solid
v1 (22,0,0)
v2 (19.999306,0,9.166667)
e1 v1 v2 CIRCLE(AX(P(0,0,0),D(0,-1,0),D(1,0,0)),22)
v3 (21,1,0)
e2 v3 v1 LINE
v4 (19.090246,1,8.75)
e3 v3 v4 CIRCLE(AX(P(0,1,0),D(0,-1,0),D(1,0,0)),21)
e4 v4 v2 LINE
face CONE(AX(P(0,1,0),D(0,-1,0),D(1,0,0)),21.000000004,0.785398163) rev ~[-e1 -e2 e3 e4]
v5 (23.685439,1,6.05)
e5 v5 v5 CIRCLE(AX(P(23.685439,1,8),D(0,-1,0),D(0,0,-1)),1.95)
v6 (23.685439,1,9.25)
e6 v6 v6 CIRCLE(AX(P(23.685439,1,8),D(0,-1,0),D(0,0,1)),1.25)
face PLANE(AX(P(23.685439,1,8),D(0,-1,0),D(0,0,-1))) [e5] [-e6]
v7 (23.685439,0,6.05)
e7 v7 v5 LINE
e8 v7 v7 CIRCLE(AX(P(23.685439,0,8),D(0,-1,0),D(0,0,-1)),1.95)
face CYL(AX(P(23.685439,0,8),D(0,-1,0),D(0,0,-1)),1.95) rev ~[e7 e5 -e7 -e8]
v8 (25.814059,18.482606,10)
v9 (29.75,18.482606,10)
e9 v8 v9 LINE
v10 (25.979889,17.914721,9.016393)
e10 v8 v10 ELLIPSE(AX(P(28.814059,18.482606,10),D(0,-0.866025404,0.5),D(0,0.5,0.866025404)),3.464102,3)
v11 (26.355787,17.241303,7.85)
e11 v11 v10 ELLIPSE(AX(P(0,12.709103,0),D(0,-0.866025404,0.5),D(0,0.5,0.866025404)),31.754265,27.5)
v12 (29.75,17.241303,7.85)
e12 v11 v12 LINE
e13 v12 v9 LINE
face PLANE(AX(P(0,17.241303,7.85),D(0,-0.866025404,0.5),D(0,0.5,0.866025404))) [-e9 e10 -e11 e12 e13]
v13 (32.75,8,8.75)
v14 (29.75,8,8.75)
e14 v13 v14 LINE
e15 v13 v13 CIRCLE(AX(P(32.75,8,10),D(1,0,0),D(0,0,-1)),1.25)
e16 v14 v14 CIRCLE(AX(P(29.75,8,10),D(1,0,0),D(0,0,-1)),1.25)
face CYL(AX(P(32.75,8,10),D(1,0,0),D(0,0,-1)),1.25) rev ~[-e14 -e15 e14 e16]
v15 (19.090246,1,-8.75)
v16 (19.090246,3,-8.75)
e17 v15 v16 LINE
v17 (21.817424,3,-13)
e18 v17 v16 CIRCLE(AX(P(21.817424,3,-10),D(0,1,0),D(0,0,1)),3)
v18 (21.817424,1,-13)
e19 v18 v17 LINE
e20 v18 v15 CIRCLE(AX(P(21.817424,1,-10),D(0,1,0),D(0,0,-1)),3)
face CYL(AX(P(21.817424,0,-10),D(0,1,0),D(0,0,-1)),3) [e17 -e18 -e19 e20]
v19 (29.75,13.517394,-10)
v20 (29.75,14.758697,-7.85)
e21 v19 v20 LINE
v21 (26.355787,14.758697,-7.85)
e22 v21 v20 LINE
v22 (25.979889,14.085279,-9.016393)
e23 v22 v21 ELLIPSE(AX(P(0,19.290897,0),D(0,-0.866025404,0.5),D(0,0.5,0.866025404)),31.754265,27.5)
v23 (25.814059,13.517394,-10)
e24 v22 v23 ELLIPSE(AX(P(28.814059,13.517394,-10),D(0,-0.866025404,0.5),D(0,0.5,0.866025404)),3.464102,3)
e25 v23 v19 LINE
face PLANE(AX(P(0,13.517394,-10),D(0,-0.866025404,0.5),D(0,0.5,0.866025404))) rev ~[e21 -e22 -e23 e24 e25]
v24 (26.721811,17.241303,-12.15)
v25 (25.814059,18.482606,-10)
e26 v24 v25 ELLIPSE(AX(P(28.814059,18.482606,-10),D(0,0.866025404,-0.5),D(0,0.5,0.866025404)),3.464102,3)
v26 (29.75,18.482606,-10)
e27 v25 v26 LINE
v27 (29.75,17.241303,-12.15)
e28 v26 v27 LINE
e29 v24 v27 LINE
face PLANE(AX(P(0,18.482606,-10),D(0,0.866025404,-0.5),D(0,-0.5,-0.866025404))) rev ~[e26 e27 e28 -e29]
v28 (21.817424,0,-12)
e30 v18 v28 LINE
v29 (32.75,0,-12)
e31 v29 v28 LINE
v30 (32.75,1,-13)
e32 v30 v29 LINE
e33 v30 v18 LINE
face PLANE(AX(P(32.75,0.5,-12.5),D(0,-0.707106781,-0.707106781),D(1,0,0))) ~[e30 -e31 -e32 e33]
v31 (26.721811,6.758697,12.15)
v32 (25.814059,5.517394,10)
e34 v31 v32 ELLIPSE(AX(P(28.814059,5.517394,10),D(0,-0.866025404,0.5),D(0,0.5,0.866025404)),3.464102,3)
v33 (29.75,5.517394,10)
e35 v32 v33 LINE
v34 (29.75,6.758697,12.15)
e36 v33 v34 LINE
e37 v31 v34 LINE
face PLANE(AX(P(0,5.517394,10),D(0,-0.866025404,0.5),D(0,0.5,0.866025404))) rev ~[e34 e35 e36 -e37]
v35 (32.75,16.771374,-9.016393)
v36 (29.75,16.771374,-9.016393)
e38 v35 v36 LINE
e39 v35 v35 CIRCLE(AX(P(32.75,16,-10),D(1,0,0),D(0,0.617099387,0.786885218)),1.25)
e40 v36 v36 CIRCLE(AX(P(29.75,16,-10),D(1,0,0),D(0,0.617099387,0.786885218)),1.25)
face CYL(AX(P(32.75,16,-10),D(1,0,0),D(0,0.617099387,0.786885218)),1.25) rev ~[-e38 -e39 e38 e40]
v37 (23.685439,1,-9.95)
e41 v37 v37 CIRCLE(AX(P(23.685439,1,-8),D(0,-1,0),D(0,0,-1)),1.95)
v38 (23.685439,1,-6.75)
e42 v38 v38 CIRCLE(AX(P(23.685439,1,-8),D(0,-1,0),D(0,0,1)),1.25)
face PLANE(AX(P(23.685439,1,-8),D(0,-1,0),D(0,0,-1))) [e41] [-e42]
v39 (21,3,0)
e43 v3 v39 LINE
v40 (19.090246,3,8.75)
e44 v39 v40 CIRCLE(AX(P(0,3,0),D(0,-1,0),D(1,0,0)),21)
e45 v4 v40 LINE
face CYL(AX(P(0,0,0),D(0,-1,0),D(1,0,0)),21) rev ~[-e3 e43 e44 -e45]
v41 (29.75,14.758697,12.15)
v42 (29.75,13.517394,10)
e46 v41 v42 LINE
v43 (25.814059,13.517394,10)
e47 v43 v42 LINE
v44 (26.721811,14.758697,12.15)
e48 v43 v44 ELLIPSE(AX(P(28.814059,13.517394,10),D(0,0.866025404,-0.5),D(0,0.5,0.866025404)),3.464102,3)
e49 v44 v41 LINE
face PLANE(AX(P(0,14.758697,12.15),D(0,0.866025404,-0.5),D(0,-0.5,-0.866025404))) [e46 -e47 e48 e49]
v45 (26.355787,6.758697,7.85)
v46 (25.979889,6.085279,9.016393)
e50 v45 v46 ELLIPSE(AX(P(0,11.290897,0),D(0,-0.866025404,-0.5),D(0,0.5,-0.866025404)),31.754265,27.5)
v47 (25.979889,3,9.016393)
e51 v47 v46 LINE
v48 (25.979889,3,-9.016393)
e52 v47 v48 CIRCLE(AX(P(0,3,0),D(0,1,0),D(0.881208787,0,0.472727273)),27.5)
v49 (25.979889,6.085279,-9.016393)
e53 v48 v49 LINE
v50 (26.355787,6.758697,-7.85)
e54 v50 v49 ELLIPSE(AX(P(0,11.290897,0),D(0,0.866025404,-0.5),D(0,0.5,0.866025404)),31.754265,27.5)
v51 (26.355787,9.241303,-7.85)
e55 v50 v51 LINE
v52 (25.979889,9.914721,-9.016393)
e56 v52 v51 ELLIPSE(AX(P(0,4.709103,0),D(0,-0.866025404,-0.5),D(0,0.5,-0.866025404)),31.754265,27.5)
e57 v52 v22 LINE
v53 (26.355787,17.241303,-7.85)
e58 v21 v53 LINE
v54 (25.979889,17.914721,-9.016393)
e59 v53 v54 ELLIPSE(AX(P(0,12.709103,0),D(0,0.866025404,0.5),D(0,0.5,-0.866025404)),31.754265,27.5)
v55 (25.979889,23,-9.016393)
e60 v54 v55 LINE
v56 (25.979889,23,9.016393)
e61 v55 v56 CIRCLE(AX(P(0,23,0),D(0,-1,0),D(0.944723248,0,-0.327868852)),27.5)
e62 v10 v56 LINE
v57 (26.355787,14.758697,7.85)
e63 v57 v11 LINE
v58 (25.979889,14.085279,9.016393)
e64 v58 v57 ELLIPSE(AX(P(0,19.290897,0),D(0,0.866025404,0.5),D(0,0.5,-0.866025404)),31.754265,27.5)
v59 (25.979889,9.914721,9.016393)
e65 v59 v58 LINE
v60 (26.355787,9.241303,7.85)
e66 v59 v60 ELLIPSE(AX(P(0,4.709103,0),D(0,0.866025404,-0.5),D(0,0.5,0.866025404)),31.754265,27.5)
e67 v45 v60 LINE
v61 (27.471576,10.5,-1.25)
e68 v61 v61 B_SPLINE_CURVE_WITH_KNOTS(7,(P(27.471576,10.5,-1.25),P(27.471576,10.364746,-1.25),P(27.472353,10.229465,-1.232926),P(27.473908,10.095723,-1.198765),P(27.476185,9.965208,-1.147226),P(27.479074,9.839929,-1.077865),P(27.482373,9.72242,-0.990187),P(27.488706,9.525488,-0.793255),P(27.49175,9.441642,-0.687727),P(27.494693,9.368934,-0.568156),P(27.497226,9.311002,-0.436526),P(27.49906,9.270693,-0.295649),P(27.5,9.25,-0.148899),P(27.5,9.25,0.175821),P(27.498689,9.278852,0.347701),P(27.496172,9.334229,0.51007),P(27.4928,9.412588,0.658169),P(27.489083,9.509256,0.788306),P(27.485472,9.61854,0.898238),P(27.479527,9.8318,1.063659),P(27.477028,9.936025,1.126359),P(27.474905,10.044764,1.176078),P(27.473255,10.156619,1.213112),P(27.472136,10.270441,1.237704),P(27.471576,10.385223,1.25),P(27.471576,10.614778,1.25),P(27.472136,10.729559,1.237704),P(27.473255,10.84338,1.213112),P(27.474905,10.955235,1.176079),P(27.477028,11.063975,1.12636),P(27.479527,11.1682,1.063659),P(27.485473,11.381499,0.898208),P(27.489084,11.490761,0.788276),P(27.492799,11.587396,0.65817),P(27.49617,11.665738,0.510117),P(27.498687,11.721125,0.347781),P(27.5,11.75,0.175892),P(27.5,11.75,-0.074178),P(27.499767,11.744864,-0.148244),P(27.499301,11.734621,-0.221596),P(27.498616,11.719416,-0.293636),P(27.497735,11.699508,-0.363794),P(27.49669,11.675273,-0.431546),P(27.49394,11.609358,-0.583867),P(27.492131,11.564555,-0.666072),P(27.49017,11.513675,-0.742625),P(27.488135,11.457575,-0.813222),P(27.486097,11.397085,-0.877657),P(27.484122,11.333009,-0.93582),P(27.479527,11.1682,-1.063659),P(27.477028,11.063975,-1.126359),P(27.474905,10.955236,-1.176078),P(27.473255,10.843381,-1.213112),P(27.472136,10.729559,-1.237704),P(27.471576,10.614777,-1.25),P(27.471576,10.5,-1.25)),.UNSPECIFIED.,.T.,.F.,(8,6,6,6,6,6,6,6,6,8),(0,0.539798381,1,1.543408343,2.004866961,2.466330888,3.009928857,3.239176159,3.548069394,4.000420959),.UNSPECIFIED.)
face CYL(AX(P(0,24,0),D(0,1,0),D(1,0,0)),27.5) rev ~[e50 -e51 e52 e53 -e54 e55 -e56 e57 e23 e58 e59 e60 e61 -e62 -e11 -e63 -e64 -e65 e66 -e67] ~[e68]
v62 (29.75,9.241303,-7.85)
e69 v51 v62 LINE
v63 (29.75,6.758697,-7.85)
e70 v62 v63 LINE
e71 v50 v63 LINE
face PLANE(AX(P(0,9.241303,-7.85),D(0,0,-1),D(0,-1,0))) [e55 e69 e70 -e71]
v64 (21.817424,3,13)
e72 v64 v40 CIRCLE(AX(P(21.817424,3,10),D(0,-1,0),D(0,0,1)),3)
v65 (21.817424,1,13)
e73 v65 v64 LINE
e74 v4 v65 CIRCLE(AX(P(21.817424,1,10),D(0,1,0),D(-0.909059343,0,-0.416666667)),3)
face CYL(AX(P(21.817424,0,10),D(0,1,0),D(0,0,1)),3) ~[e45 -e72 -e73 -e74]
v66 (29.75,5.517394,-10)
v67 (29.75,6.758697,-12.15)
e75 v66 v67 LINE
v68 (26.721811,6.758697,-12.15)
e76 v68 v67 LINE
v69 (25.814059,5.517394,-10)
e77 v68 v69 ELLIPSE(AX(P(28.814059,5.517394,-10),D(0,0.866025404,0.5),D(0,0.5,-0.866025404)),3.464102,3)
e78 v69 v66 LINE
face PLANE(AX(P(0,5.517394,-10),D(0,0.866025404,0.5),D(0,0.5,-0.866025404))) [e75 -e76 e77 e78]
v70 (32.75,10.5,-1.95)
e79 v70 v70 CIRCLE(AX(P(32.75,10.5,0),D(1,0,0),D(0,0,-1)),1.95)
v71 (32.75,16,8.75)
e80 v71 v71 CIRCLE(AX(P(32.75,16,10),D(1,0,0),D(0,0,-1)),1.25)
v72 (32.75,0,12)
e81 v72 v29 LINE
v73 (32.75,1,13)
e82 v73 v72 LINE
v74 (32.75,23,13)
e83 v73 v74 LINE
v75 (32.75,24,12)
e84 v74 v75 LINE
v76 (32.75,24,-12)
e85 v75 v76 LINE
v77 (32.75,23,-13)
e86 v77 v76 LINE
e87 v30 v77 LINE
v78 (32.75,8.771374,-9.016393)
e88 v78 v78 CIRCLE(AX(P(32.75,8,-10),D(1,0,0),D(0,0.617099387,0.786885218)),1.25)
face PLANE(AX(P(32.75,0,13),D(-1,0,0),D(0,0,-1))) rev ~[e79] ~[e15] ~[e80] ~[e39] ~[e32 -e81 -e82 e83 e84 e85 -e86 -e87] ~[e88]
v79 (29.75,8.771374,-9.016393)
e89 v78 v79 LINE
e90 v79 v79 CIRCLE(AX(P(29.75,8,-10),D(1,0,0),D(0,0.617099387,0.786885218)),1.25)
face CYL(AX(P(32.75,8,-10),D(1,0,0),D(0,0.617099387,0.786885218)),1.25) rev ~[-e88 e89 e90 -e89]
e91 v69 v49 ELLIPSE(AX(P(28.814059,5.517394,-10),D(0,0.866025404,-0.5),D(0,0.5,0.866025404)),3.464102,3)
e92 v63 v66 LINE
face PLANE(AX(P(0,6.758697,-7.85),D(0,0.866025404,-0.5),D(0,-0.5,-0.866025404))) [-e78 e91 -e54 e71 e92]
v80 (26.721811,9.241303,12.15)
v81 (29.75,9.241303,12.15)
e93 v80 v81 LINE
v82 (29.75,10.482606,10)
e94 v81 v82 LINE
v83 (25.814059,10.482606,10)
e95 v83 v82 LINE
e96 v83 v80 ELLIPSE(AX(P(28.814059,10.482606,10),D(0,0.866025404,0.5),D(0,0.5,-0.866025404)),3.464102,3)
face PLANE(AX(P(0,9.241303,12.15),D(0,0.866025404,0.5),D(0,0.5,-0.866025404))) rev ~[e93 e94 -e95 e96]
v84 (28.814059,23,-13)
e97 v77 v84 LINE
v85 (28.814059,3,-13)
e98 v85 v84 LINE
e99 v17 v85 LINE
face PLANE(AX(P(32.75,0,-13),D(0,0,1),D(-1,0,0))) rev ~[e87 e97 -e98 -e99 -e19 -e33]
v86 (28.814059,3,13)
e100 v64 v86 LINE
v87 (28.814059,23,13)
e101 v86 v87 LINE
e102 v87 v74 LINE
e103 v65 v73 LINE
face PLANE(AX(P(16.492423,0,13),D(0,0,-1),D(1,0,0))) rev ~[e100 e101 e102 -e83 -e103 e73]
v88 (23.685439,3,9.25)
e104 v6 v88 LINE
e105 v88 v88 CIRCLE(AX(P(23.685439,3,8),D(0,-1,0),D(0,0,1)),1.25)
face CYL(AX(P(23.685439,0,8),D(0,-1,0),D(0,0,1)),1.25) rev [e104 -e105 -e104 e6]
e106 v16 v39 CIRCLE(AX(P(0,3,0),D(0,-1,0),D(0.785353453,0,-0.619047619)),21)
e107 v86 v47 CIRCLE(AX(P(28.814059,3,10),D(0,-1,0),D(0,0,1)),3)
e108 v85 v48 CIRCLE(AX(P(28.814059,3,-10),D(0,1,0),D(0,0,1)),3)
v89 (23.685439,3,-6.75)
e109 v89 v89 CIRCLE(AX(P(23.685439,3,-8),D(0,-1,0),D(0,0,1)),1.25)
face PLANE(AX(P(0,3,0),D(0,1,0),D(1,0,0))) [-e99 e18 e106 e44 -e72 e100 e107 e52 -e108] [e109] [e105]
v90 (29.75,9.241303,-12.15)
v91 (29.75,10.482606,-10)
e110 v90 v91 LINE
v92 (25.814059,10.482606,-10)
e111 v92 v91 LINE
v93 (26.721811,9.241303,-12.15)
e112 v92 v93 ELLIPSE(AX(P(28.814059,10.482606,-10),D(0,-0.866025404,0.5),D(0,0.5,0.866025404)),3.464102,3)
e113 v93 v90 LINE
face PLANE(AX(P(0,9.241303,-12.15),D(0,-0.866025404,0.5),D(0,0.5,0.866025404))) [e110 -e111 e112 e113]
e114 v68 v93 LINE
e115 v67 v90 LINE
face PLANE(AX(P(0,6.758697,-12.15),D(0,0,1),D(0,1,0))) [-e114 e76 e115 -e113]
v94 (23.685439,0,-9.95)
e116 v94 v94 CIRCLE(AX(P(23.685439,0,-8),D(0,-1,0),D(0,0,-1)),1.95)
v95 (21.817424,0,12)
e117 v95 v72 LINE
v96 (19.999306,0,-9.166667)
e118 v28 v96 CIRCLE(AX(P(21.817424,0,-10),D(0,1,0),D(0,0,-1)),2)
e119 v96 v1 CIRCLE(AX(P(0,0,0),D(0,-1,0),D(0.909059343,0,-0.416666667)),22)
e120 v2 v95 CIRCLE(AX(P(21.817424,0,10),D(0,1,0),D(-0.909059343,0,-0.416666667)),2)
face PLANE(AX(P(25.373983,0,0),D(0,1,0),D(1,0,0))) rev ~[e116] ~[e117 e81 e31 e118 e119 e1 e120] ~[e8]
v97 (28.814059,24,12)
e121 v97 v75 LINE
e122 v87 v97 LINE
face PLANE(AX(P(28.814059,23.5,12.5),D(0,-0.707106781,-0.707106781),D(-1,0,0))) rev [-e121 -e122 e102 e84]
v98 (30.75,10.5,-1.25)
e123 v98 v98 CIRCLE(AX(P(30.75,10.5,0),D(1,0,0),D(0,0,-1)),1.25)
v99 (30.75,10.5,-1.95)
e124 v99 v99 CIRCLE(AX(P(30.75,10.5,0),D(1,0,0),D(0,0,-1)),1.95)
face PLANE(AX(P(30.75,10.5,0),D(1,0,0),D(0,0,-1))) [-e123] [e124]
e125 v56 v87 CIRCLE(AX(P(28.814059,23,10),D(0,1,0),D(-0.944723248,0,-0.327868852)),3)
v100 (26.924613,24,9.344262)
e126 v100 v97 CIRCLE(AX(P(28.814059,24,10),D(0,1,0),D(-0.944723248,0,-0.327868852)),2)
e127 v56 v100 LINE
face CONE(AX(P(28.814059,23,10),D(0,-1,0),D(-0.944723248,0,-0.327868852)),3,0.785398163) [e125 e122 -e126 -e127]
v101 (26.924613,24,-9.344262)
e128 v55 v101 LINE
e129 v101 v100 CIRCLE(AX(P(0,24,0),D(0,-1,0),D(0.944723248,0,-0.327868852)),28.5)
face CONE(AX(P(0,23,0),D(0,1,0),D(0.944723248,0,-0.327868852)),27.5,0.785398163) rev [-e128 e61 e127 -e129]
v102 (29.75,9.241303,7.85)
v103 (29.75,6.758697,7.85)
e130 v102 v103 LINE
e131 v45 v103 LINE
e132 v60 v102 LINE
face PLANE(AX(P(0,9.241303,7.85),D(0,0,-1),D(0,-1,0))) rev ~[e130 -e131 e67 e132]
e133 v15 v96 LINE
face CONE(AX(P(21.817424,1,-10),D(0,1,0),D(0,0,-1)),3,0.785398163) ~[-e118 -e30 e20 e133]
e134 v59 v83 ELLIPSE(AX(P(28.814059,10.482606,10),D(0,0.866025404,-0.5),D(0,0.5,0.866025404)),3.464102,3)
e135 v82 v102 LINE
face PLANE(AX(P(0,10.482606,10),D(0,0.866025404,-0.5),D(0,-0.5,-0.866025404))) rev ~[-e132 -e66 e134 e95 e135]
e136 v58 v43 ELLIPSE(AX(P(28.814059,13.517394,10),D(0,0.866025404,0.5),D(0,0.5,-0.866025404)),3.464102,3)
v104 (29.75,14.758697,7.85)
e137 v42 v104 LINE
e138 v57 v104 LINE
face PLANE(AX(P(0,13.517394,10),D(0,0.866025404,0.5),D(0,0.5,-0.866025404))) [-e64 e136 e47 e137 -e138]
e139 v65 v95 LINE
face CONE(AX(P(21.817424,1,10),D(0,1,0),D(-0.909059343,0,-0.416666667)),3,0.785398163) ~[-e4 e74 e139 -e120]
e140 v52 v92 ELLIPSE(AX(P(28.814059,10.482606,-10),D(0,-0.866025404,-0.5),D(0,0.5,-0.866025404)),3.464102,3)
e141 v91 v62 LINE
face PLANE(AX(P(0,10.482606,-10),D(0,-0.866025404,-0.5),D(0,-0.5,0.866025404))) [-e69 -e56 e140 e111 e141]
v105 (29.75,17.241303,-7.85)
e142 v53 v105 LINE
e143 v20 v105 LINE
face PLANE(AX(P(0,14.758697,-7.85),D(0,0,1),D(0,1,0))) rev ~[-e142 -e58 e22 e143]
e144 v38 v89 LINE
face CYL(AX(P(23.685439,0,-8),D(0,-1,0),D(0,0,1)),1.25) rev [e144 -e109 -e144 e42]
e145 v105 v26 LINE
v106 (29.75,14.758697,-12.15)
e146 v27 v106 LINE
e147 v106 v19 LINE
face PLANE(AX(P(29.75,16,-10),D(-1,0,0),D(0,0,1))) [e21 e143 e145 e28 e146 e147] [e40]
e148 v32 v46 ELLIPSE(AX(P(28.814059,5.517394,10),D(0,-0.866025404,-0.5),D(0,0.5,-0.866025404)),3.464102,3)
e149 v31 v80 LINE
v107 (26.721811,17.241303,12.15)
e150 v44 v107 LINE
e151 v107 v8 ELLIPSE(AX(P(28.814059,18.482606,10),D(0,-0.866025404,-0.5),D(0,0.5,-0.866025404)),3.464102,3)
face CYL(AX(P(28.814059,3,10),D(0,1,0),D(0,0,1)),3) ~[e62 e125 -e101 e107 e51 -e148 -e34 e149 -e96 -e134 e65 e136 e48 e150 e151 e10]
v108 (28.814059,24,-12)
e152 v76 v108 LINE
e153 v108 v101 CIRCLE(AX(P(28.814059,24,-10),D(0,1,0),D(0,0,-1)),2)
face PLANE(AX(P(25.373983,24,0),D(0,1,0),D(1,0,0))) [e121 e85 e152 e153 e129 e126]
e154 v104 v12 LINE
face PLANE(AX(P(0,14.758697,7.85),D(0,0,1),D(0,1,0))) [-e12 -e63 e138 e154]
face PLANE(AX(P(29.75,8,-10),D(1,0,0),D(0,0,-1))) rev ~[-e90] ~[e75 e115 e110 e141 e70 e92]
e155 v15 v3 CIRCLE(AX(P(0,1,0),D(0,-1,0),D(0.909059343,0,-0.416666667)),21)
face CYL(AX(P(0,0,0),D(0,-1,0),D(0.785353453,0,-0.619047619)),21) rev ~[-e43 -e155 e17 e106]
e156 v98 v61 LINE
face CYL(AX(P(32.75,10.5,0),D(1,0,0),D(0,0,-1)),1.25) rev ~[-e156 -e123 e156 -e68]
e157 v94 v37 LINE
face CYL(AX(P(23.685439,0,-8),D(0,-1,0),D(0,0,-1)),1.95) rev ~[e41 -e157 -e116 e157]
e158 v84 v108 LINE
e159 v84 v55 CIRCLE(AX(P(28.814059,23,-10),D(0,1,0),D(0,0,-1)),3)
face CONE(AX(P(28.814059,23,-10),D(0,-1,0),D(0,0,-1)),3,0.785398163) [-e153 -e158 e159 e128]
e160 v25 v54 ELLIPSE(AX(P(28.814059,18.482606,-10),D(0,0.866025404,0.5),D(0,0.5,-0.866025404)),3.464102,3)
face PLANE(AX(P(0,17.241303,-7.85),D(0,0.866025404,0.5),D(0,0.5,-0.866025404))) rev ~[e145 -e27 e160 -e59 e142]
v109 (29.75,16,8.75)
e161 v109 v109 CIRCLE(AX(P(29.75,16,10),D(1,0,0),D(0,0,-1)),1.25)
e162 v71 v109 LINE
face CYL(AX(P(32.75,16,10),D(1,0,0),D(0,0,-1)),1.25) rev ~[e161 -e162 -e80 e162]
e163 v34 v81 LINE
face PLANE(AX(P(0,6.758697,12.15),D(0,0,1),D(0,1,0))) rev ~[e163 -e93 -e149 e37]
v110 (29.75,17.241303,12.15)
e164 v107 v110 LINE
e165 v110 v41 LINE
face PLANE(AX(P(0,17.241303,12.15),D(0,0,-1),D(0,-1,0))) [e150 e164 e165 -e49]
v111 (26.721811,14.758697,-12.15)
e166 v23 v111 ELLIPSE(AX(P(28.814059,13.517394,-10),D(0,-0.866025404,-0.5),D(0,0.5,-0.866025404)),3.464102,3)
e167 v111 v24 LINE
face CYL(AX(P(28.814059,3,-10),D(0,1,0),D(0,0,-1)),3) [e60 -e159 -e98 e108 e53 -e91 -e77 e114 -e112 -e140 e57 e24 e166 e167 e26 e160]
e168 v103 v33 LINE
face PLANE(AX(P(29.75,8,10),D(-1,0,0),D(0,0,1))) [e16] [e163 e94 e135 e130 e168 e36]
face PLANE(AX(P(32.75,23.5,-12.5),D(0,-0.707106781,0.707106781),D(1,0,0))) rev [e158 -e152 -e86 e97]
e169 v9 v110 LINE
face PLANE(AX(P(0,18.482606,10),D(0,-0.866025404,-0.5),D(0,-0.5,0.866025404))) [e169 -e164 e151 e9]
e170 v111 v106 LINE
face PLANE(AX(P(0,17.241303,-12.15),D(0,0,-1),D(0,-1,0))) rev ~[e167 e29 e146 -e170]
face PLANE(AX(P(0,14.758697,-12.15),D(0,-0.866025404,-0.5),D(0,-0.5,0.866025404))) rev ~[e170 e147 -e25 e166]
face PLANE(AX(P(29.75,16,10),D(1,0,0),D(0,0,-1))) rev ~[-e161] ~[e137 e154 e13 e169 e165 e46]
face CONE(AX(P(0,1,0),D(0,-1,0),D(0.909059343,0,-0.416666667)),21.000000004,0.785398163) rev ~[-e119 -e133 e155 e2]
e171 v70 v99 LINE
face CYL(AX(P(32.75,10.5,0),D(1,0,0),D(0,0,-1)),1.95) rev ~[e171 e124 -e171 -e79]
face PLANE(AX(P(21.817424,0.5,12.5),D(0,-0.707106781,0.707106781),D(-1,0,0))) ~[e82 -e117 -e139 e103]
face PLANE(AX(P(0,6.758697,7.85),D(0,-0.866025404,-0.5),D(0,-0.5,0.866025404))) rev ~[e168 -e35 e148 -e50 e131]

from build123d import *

# Parameters (mm, degrees)
SKETCH_1_R          = 1.25
EXTRUDE_1_DEPTH     = 24
SKETCH_2_R          = 27.5
CUT_EXTRUDE_1_DEPTH = 21
FILLET_1_R          = 3
SKETCH_3_R          = 1.25
CUT_EXTRUDE_2_DEPTH = 31.645010485
CHAMFER_2_SIZE      = 1
CUT_EXTRUDE_3_DEPTH = 29.75
SKETCH_5_R          = 1.95
CUT_EXTRUDE_4_DEPTH = 2
SKETCH_6_R          = 1.95
CUT_EXTRUDE_5_DEPTH = 1


with BuildPart() as part:
    # Эскиз1 → Бобышка-Вытянуть1 (new body)
    with BuildSketch(Plane(origin=(0, 0, 0), x_dir=(1, 0, 0), z_dir=(0, 1, 0))):
        with BuildLine():
            Line((32.75, 13), (16.492422502, 13))
            ThreePointArc((16.492422502, 13), (19.841129914, 6.879648517), (21, 0))
            ThreePointArc((21, 0), (19.841129914, -6.879648517), (16.492422502, -13))
            Line((16.492422502, -13), (32.75, -13))
            Line((32.75, -13), (32.75, 13))
        make_face()
        with Locations(Location((23.685438565, -8, 0), (0, 0, 270))):
            Circle(SKETCH_1_R, mode=Mode.SUBTRACT)
        with Locations(Location((23.685438565, 8, 0), (0, 0, 270))):
            Circle(SKETCH_1_R, mode=Mode.SUBTRACT)
    extrude(amount=EXTRUDE_1_DEPTH)

    # Эскиз2 → Вырез-Вытянуть1 (cut)
    with BuildSketch(Plane(origin=(0, 24, 0), x_dir=(1, 0, 0), z_dir=(0, 1, 0))):
        Circle(SKETCH_2_R)
    extrude(amount=-CUT_EXTRUDE_1_DEPTH, mode=Mode.SUBTRACT)

    # Скругление1
    fillet_1_edges = [part.edges().sort_by_distance(p)[0] for p in [
        (16.492422502, 1.5, -13),
        (16.492422502, 1.5, 13),
        (24.233241632, 13.5, 13),
        (24.233241632, 13.5, -13),
    ]]
    fillet(fillet_1_edges, radius=FILLET_1_R)

    # Эскиз3 → Вырез-Вытянуть2 (cut, through all)
    with BuildSketch(Plane(origin=(32.75, 0, 0), x_dir=(0, 0, -1), z_dir=(1, 0, 0))):
        with Locations((0, 10.5)):
            Circle(SKETCH_3_R)
        with Locations((-10, 16)):
            Circle(SKETCH_3_R)
        with Locations((-10, 8)):
            Circle(SKETCH_3_R)
        with Locations(Location((10, 8, 0), (0, 0, 141.895375662))):
            Circle(SKETCH_3_R)
        with Locations(Location((10, 16, 0), (0, 0, 141.895375662))):
            Circle(SKETCH_3_R)
    extrude(amount=-CUT_EXTRUDE_2_DEPTH, mode=Mode.SUBTRACT)

    # Фаска2
    chamfer_2_edges = [part.edges().sort_by_distance(p)[0] for p in [
        (30.782029534, 24, 13),
        (27.283712115, 0, 13),
        (27.5, 24, 0),
        (30.782029534, 24, -13),
        (26.369593925, 24, -11.73913489),
        (26.369593925, 24, 11.73913489),
        (27.283712115, 0, -13),
        (21, 0, 0),
        (19.292547995, 0, 11.620185175),
        (19.292547995, 0, -11.620185175),
    ]]
    chamfer(chamfer_2_edges, length=CHAMFER_2_SIZE)

    # Эскиз4 → Вырез-Вытянуть3 (cut)
    with BuildSketch(Plane(origin=(0, 0, 0), x_dir=(0, 0, -1), z_dir=(1, 0, 0))):
        Polygon((-7.85, 14.758696921), (-7.85, 17.241303079), (-10, 18.482606158), (-12.15, 17.241303079), (-12.15, 14.758696921), (-10, 13.517393842), align=None)
        Polygon((-10, 10.482606158), (-7.85, 9.241303079), (-7.85, 6.758696921), (-10, 5.517393842), (-12.15, 6.758696921), (-12.15, 9.241303079), align=None)
        Polygon((7.85, 9.241303079), (7.85, 6.758696921), (10, 5.517393842), (12.15, 6.758696921), (12.15, 9.241303079), (10, 10.482606158), align=None)
        Polygon((10, 13.517393842), (7.85, 14.758696921), (7.85, 17.241303079), (10, 18.482606158), (12.15, 17.241303079), (12.15, 14.758696921), align=None)
    extrude(amount=CUT_EXTRUDE_3_DEPTH, mode=Mode.SUBTRACT)

    # Эскиз5 → Вырез-Вытянуть4 (cut)
    with BuildSketch(Plane(origin=(32.75, 0, 0), x_dir=(0, 0, -1), z_dir=(1, 0, 0))):
        with Locations((0, 10.5)):
            Circle(SKETCH_5_R)
    extrude(amount=-CUT_EXTRUDE_4_DEPTH, mode=Mode.SUBTRACT)

    # Эскиз6 → Вырез-Вытянуть5 (cut)
    with BuildSketch(Plane.XZ):
        with Locations(Location((23.685438565, 8, 0), (0, 0, 270))):
            Circle(SKETCH_6_R)
        with Locations(Location((23.685438565, -8, 0), (0, 0, 270))):
            Circle(SKETCH_6_R)
    extrude(amount=-CUT_EXTRUDE_5_DEPTH, mode=Mode.SUBTRACT)


solid = part.part
